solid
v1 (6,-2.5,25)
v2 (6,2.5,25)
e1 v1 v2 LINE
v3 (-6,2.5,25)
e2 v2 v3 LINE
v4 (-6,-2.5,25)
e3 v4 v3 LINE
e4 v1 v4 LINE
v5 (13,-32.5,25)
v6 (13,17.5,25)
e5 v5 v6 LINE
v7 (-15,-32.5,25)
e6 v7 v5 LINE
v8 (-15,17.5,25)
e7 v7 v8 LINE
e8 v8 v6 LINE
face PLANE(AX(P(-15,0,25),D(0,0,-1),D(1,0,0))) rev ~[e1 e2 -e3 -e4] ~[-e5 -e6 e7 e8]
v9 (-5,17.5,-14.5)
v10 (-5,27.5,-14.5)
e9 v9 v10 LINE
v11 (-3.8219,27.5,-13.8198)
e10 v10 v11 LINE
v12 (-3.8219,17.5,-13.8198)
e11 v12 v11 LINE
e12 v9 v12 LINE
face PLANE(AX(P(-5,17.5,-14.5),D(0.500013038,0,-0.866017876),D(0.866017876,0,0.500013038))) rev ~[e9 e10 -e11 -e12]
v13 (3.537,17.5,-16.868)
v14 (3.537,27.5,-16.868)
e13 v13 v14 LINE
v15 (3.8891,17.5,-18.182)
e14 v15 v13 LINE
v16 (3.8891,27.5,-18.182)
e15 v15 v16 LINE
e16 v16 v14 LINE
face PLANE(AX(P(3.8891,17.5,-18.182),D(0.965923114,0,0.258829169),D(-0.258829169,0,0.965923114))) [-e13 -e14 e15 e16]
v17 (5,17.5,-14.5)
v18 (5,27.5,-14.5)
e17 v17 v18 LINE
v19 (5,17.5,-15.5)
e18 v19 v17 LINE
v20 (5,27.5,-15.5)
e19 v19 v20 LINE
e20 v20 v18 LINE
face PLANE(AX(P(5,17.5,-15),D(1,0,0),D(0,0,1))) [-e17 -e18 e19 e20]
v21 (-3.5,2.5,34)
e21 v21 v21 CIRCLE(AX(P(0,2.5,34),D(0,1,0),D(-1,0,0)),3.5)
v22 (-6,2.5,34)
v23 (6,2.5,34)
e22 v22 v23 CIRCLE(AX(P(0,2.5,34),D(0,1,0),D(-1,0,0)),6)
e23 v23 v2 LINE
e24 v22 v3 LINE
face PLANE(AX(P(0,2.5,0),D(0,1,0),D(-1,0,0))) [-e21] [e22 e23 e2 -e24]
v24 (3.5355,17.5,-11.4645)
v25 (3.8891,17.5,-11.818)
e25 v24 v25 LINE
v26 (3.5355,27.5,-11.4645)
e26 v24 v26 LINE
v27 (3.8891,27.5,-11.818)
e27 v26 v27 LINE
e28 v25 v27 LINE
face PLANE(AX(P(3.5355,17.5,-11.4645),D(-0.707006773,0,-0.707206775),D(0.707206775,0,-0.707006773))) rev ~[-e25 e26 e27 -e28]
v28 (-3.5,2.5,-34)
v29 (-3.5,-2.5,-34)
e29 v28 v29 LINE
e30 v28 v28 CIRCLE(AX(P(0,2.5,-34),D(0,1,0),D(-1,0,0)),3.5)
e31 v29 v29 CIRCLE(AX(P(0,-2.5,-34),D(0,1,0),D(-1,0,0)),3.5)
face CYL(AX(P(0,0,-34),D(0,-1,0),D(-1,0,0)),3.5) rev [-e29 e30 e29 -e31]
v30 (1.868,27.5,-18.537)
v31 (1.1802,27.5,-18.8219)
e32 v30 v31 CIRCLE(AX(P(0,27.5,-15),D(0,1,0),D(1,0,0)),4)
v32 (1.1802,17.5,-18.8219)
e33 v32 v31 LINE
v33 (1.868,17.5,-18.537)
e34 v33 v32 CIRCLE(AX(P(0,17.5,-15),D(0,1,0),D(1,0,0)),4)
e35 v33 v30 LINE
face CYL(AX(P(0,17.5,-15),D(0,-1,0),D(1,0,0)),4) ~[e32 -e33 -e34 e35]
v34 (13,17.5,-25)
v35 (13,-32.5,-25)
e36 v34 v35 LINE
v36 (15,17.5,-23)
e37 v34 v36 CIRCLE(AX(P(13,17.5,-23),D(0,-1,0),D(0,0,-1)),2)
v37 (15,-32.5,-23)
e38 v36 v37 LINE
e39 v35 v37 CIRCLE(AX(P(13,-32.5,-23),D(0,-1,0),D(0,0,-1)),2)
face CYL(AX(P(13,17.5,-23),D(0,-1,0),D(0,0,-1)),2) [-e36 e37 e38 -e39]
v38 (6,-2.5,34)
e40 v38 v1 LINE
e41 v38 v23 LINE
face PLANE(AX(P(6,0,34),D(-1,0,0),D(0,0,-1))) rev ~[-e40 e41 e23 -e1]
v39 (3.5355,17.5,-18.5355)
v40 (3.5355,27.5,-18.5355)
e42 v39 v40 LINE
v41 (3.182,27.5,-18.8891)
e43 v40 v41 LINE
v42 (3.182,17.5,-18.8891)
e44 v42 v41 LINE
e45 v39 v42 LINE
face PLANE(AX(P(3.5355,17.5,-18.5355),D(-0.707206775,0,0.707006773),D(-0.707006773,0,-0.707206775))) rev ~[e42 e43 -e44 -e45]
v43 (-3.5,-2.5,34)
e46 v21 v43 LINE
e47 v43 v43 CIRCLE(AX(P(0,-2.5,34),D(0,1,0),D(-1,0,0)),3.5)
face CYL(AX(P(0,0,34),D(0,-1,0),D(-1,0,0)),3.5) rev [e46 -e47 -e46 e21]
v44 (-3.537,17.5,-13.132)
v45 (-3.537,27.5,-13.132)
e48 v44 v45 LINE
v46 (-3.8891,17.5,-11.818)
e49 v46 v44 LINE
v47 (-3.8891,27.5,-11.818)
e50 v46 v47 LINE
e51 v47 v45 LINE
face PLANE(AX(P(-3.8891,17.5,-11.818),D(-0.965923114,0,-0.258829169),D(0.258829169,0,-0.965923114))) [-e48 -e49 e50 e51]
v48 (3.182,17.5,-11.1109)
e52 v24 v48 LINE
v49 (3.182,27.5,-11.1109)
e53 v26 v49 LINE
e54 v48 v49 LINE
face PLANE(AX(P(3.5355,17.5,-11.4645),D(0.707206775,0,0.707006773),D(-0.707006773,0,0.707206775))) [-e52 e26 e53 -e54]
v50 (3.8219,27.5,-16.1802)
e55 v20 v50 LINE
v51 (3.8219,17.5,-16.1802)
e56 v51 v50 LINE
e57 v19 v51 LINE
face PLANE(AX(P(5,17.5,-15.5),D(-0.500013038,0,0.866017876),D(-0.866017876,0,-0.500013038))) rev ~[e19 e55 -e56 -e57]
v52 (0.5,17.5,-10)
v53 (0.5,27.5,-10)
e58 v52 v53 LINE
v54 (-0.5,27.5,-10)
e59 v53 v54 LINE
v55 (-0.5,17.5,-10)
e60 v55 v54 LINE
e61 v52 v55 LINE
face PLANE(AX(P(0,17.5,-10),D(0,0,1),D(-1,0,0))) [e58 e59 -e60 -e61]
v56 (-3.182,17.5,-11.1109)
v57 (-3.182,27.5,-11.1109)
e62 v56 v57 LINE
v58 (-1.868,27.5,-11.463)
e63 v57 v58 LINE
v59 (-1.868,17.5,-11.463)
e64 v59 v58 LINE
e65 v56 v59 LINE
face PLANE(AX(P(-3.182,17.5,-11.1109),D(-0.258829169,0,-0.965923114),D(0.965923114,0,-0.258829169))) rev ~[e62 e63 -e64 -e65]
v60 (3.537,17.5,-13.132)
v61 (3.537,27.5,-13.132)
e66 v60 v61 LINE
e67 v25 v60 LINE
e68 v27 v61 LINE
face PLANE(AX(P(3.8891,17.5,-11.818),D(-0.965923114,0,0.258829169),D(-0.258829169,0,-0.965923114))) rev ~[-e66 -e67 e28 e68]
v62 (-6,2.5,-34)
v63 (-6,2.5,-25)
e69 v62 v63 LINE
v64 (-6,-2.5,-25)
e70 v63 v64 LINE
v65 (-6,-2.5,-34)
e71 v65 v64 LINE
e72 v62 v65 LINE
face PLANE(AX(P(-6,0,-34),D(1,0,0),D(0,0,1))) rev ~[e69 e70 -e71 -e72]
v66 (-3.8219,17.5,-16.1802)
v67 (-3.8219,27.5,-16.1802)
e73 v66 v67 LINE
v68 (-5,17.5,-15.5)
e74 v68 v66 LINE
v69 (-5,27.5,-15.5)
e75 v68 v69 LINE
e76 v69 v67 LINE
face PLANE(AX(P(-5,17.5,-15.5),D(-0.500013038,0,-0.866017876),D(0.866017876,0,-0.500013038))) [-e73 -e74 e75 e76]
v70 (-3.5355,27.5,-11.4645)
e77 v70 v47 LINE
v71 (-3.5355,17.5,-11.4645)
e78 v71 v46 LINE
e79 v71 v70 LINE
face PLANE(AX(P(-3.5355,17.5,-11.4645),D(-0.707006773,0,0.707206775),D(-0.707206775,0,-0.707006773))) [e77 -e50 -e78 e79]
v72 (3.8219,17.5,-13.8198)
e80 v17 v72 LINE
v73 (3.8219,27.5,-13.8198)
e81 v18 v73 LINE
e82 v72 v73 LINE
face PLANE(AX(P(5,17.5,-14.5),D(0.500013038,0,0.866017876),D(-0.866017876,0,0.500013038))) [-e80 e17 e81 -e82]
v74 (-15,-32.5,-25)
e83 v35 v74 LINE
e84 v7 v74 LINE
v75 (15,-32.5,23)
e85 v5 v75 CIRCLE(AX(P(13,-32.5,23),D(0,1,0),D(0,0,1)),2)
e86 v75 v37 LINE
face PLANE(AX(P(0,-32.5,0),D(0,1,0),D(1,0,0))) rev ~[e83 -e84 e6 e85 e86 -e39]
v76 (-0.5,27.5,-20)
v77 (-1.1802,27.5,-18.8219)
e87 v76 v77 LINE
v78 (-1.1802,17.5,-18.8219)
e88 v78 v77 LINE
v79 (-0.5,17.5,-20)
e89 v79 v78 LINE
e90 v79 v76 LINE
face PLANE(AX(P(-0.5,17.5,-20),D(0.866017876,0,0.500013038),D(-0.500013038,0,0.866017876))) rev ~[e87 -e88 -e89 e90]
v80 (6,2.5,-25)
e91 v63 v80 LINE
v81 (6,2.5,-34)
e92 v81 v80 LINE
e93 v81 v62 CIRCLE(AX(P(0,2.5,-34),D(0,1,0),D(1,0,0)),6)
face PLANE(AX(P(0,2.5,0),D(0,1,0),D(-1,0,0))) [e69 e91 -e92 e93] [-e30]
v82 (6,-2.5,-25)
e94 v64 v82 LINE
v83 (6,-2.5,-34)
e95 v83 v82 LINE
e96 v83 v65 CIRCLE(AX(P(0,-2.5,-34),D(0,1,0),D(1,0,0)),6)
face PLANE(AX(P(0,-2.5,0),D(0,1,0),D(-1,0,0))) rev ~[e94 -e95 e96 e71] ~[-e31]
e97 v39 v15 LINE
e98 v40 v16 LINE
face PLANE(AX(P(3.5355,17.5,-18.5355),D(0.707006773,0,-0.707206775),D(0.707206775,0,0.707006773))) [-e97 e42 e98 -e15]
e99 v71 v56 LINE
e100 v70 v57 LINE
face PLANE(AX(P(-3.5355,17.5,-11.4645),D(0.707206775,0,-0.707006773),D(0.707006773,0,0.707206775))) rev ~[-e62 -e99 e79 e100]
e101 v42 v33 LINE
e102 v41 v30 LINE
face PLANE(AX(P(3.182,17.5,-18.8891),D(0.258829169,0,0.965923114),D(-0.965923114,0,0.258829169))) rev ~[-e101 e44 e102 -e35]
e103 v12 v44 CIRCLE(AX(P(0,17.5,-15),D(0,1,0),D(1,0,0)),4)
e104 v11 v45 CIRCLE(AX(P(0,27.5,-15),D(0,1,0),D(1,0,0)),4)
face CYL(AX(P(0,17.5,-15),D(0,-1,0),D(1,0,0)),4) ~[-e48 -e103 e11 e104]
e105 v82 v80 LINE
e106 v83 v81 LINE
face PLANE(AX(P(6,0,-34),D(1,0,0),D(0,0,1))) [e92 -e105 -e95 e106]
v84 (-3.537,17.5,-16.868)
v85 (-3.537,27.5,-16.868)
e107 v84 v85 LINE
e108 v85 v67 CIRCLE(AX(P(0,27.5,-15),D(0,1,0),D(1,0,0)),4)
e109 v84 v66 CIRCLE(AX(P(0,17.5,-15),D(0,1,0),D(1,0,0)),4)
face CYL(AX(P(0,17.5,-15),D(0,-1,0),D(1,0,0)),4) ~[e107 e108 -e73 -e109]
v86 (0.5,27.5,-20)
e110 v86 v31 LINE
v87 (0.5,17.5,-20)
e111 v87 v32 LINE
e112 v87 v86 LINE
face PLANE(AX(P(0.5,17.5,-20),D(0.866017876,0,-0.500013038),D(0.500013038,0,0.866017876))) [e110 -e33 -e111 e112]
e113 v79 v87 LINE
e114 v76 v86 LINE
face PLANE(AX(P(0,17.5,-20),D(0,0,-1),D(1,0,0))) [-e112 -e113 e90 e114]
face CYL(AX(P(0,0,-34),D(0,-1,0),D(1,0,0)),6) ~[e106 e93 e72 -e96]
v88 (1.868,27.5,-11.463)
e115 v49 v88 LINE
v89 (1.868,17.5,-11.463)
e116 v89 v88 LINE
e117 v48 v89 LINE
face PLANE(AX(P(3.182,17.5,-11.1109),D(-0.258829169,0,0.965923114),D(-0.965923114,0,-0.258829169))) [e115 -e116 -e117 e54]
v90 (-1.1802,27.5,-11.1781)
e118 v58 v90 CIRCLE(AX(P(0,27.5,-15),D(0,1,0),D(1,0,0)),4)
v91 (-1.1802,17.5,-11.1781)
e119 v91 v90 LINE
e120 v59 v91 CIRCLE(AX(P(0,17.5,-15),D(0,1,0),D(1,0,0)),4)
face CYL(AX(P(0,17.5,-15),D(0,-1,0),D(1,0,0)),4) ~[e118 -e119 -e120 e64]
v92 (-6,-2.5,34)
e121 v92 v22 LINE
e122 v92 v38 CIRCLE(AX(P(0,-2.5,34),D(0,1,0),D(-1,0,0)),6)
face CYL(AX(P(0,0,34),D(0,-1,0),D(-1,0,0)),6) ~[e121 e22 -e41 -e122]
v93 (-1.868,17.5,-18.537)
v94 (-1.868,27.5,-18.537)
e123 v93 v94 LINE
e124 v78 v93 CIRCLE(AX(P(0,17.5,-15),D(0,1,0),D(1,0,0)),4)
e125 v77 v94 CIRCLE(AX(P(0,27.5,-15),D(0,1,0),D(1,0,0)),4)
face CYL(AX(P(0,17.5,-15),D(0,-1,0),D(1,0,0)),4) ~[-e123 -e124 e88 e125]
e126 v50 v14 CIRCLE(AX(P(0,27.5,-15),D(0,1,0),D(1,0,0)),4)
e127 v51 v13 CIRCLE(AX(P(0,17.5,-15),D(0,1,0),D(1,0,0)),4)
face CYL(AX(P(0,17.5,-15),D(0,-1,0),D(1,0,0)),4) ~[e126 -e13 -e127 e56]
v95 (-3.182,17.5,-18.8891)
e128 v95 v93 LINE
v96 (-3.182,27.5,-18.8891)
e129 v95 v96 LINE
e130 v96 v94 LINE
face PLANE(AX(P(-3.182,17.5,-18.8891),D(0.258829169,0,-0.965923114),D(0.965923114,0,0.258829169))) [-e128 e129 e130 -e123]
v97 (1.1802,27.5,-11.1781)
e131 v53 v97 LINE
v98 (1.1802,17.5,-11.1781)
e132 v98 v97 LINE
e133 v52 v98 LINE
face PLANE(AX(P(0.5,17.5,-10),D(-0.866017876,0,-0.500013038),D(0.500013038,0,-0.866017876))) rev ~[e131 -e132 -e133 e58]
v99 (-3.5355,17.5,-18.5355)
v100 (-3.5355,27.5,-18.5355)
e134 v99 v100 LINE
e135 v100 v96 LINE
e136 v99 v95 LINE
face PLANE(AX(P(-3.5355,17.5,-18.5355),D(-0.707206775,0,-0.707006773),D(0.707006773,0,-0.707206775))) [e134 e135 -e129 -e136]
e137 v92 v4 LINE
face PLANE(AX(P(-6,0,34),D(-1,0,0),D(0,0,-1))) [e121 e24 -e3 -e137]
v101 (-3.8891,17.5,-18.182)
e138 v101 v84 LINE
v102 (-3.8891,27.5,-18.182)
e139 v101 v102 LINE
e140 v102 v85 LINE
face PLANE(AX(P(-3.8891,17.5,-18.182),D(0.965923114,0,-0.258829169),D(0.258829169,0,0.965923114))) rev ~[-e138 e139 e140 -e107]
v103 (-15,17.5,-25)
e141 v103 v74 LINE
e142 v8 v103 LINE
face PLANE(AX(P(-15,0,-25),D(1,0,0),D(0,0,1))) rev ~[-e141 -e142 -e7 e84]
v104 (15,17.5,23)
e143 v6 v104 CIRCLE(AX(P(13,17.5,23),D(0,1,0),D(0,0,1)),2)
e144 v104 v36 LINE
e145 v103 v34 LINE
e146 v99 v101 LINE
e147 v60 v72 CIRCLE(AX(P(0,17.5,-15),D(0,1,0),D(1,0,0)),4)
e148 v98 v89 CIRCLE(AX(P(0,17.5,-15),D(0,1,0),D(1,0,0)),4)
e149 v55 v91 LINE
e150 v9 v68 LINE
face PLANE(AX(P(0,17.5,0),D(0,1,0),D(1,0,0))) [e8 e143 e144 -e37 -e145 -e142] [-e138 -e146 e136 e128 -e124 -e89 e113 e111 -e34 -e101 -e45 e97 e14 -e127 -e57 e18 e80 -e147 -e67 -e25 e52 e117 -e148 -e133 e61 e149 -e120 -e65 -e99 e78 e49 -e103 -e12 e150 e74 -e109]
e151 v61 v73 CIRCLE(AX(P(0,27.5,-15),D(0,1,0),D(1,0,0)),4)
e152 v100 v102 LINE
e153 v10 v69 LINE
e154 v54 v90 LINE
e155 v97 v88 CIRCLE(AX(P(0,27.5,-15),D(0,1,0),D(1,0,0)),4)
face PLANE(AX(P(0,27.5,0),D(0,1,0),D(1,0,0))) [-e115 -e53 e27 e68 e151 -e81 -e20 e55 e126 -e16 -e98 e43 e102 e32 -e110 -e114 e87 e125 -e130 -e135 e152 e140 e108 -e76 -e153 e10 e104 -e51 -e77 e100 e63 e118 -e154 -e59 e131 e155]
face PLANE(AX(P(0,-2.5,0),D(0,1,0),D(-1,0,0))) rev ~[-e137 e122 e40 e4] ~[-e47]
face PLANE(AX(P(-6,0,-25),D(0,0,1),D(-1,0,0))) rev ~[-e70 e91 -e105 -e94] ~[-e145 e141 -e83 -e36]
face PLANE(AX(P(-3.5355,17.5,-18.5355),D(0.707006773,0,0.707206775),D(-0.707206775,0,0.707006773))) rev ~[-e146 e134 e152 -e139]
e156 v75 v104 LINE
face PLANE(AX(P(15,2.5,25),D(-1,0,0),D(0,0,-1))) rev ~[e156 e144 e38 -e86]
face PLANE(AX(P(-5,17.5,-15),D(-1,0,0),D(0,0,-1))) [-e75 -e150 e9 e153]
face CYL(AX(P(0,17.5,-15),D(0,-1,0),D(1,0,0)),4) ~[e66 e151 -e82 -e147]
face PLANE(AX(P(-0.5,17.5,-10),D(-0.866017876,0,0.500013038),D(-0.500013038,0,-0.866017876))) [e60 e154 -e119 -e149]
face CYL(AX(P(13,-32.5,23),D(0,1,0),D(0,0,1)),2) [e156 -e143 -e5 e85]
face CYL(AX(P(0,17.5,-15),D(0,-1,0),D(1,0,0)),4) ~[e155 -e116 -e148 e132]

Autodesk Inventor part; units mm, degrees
ref_plane "YZ Plane" through (0, 0, 0) normal (1, 0, 0) x (0, 1, 0)
ref_plane "XZ Plane" through (0, 0, 0) normal (0, 1, 0) x (-1, 0, 0)
ref_plane "XY Plane" through (0, 0, 0) normal (0, 0, 1) x (1, 0, 0)
sketch "Sketch1" plane through (0, 0, 0) normal (0, 1, 0) x (-1, 0, 0)
  line L0 (15, 25) -> (-15, 25)
  line L1 (-15, 25) -> (-15, -25)
  line L2 (-15, -25) -> (15, -25)
  line L3 (15, -25) -> (15, 25)
  circle A0 centre (0, -34) radius 3.5
  arc A1 (-6, -34) -> (6, -34) centre (0, -34) ccw
  line L4 (6, -34) -> (6, -25)
  line L5 (-6, -34) -> (-6, -25)
  line L6 (21.3749, 0) -> (-33.1106, 0) construction
  circle A2 centre (0, 34) radius 3.5
  arc A3 (6, 34) -> (-6, 34) centre (0, 34) ccw
  line L7 (6, 34) -> (6, 25)
  line L8 (-6, 34) -> (-6, 25)
  point P0 (0, 0)
  dimension "d0" = 25
  dimension "d1" = 25
  dimension "d2" = 15
  dimension "d3" = 15
  dimension "d4" = 7
  dimension "d5" = 12
  dimension "d6" = 9
  dimension "d7" = 34
  dimension "d8" = 12
  dimension "d9" = 34
extrude "Extrusion1" add sketch "Sketch1" along normal mid plane 5
sketch "Sketch2" plane through (0, 2.5, 0) normal (0, 1, 0) x (1, 0, 0)
  line L0 (-15, -25) -> (-15, 25) projected
  line L1 (6, 25) -> (15, 25) projected
  line L2 (-15, -25) -> (15, -25)
  line L3 (15, -25) -> (15, 25)
  line L4 (15, 25) -> (-15, 25)
  line L5 (-15, 25) -> (-15, -25)
  point P0 (0, 0)
extrude "Extrusion2" add sketch "Sketch2" along normal blind 15 and the other way blind 35
sketch "Sketch3" plane through (0, 17.5, 0) normal (0, 1, 0) x (1, 0, 0)
  circle A0 centre (0, 15) radius 4
  line L0 (15, 25) -> (-15, 25) projected
  line L1 (-4, 15) -> (-5, 15) construction
  line L2 (-5, 15) -> (-5, 15.5)
  line L3 (-5, 15.5) -> (-3.8219, 16.1802)
  line L4 (-5, 15) -> (-5, 14.5)
  line L5 (-5, 14.5) -> (-3.8219, 13.8198)
  line L6 (-3.8891, 11.818) -> (-3.537, 13.132)
  line L7 (-3.5355, 11.4645) -> (-3.8891, 11.818)
  line L8 (-3.5355, 11.4645) -> (-3.182, 11.1109)
  line L9 (-3.182, 11.1109) -> (-1.868, 11.463)
  line L10 (-0.5, 10) -> (-1.1802, 11.1781)
  line L11 (0, 10) -> (-0.5, 10)
  line L12 (0, 10) -> (0.5, 10)
  line L13 (0.5, 10) -> (1.1802, 11.1781)
  line L14 (3.182, 11.1109) -> (1.868, 11.463)
  line L15 (3.5355, 11.4645) -> (3.182, 11.1109)
  line L16 (3.5355, 11.4645) -> (3.8891, 11.818)
  line L17 (3.8891, 11.818) -> (3.537, 13.132)
  line L18 (5, 14.5) -> (3.8219, 13.8198)
  line L19 (5, 15) -> (5, 14.5)
  line L20 (5, 15) -> (5, 15.5)
  line L21 (5, 15.5) -> (3.8219, 16.1802)
  line L22 (3.8891, 18.182) -> (3.537, 16.868)
  line L23 (3.5355, 18.5355) -> (3.8891, 18.182)
  line L24 (3.5355, 18.5355) -> (3.182, 18.8891)
  line L25 (3.182, 18.8891) -> (1.868, 18.537)
  line L26 (0.5, 20) -> (1.1802, 18.8219)
  line L27 (0, 20) -> (0.5, 20)
  line L28 (0, 20) -> (-0.5, 20)
  line L29 (-0.5, 20) -> (-1.1802, 18.8219)
  line L30 (-3.182, 18.8891) -> (-1.868, 18.537)
  line L31 (-3.5355, 18.5355) -> (-3.182, 18.8891)
  line L32 (-3.5355, 18.5355) -> (-3.8891, 18.182)
  line L33 (-3.8891, 18.182) -> (-3.537, 16.868)
  point P0 (0, 0)
  dimension "d16" = 8
  dimension "d17" = 10
  dimension "d18" = 15
  dimension "d19" = 120
  dimension "d20" = 0
  dimension "d21" = 1
  dimension "d22" = 0.5
  dimension "d25" = 360
extrude "Extrusion3" add sketch "Sketch3" along normal blind 10
fillet "Fillet1" radius 2 2 edges at (15, -7.5, 25) (15, -7.5, -25)
thread "Thread1" size "M7x1" class "6H" standard "ANSI Metric M Profile" full length
thread "Thread2" size "M7x1" class "6H" standard "ANSI Metric M Profile" full length
properties part number "servo" material "Rubber"
